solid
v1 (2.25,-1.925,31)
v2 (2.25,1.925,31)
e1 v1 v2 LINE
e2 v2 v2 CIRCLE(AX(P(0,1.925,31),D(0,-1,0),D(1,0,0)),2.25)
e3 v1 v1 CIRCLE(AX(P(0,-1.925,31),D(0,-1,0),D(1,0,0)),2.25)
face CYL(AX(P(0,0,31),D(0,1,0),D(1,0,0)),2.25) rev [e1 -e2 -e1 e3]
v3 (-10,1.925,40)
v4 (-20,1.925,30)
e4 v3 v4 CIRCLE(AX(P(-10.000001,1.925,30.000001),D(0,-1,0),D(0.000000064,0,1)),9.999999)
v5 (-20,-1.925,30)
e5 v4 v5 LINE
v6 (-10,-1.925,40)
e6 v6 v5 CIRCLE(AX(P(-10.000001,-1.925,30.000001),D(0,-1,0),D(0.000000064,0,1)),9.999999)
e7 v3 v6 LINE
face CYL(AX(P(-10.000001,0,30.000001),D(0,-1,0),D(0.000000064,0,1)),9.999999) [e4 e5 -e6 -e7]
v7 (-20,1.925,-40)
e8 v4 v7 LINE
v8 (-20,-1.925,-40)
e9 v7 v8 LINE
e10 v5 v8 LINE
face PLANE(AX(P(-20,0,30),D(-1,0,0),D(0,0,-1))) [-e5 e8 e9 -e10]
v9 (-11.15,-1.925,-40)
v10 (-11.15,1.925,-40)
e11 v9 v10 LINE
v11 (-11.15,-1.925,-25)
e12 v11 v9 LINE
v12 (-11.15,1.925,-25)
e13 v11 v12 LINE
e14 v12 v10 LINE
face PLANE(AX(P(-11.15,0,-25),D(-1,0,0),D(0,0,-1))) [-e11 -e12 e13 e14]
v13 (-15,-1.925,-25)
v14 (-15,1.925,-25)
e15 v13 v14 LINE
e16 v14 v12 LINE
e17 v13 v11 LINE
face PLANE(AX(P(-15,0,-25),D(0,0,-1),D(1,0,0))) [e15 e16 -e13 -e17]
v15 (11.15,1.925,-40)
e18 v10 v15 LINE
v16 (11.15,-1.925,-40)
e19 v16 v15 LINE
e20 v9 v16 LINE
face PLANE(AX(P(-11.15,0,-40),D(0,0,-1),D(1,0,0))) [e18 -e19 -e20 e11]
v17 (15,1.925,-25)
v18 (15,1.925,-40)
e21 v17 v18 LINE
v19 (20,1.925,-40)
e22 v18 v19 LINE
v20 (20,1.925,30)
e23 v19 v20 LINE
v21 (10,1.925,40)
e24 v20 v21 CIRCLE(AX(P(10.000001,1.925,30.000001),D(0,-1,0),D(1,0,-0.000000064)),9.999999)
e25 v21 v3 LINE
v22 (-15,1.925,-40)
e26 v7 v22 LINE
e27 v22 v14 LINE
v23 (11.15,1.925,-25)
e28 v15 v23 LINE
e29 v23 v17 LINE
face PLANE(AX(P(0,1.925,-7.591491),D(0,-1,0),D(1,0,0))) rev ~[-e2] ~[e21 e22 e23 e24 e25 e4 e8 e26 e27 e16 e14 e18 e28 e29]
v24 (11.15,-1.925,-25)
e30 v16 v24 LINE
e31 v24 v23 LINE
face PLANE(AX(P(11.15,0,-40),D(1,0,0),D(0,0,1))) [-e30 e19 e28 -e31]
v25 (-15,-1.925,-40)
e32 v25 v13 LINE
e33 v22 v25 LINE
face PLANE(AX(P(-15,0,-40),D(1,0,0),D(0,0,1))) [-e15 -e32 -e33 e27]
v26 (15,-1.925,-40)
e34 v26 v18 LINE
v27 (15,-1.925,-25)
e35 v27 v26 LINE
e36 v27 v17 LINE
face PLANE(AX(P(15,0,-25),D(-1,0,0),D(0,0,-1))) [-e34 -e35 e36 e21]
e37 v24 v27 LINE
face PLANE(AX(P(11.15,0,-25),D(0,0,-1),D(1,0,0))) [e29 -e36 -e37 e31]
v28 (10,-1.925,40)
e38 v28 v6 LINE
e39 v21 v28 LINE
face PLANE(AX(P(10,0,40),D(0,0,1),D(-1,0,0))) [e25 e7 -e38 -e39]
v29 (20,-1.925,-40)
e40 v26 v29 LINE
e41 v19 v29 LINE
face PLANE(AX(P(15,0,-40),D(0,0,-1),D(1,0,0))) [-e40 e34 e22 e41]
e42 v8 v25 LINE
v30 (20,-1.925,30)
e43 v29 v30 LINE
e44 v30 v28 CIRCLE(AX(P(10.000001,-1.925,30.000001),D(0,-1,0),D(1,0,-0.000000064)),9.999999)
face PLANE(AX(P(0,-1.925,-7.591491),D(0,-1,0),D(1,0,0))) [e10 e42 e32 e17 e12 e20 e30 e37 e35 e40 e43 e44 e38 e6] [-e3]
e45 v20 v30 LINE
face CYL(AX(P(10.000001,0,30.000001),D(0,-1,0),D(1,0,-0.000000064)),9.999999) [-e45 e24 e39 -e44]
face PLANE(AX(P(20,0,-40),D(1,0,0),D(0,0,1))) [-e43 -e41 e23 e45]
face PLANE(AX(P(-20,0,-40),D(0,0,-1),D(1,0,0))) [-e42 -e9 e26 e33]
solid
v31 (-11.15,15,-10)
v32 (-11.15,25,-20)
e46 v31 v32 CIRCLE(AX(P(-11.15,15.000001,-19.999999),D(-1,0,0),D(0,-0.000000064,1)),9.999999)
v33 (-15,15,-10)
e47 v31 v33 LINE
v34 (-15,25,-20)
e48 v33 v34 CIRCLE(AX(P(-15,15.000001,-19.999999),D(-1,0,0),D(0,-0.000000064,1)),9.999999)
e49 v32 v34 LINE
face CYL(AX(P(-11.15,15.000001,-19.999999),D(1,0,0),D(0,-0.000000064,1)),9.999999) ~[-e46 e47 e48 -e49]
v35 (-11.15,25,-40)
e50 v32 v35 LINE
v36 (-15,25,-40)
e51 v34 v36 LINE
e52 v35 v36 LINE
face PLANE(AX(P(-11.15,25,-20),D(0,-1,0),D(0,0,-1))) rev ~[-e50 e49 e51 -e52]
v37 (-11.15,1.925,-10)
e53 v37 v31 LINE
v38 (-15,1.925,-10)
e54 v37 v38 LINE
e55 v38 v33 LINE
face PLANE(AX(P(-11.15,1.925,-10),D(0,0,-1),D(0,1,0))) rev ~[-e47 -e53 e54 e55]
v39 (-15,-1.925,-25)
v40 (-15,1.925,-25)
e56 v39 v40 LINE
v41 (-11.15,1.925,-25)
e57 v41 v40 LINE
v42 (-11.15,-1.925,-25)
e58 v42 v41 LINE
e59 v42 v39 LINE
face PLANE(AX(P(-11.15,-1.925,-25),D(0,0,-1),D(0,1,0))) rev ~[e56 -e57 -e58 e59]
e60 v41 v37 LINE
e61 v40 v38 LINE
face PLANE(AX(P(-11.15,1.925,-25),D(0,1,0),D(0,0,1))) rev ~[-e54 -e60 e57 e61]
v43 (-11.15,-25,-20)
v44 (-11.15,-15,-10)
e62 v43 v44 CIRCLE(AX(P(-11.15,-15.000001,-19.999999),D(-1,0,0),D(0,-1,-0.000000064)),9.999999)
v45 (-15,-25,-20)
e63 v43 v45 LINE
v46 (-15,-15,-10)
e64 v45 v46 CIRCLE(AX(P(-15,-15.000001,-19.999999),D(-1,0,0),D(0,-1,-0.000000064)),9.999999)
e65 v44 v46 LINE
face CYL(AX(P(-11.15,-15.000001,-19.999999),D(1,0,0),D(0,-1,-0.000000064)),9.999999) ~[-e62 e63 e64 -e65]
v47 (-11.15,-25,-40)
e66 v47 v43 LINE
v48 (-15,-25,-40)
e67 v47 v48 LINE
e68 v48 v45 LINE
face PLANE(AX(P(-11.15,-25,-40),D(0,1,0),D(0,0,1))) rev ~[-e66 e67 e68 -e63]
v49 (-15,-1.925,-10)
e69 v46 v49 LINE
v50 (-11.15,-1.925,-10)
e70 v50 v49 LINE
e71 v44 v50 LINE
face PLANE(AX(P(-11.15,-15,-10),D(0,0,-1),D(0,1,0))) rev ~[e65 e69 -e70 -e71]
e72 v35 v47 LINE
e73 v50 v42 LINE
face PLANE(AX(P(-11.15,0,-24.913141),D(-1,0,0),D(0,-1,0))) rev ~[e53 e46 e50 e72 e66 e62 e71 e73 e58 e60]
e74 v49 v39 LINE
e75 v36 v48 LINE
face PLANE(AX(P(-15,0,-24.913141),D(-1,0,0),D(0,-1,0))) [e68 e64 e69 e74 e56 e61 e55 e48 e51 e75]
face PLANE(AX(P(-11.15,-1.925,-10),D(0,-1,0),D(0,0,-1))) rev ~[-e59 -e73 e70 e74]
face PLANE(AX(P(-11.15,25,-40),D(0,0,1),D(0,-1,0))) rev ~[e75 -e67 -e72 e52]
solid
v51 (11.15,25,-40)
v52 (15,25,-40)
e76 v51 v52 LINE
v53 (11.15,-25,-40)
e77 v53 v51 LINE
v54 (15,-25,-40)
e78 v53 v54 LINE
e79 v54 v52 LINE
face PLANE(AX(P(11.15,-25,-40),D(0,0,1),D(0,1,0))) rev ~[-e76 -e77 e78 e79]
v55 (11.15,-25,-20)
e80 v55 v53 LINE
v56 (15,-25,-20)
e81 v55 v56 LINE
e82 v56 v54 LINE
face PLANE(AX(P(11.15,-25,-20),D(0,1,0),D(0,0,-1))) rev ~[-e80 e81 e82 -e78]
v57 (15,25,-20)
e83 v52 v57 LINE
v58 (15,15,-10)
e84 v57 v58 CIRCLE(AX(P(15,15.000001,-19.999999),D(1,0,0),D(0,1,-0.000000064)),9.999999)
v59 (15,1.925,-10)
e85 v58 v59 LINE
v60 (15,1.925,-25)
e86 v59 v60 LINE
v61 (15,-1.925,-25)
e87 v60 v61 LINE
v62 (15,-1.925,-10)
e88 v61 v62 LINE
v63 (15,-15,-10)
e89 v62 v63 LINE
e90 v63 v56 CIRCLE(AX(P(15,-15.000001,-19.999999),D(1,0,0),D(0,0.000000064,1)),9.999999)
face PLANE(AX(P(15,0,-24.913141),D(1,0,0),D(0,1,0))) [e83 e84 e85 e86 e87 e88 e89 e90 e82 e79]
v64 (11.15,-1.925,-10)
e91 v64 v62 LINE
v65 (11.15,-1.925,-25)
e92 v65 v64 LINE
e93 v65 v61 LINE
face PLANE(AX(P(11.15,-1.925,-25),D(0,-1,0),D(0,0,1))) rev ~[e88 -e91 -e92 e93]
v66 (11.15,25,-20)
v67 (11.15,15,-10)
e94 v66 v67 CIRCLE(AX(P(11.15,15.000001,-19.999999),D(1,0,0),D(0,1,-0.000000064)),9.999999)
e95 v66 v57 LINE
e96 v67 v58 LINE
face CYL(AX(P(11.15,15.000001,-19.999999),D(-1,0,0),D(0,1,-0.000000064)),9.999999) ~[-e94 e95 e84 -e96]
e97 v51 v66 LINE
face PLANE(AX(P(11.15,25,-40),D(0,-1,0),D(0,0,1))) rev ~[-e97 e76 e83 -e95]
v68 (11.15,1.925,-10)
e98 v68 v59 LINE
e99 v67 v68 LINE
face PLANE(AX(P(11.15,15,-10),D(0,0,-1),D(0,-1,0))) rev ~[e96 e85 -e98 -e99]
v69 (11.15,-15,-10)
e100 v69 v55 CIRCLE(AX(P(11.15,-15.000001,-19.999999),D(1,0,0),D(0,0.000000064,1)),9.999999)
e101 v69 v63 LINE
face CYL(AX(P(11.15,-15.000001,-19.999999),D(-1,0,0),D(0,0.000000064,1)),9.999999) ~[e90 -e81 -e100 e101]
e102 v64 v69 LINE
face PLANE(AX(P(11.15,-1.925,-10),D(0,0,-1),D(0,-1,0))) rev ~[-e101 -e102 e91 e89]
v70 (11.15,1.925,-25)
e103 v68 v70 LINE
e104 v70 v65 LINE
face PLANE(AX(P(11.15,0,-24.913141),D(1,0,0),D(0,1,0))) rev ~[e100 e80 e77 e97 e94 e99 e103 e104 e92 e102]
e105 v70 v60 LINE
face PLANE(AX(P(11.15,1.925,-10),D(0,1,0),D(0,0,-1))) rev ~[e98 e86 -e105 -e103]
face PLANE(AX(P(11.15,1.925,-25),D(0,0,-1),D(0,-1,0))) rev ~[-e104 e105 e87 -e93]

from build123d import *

# Parameters (mm, degrees)
F0_R     = 2.25
F1_DEPTH = 1.925
F5_DEPTH = 3.85
F6_DEPTH = 3.85


with BuildPart() as f1:
    # F0 (on Front) → F1 (new body, symmetric)
    with BuildSketch(Plane.XZ):
        with BuildLine():
            Line((15, -40), (20, -40))
            Line((20, -40), (20, 30))
            ThreePointArc((20, 30), (17.071068, 37.071068), (10, 40))
            Line((10, 40), (-10, 40))
            ThreePointArc((-10, 40), (-17.071068, 37.071068), (-20, 30))
            Line((-20, 30), (-20, -40))
            Line((-20, -40), (-15, -40))
            Line((-15, -40), (-15, -25))
            Line((-15, -25), (-11.15, -25))
            Line((-11.15, -25), (-11.15, -40))
            Line((-11.15, -40), (11.15, -40))
            Line((11.15, -40), (11.15, -25))
            Line((11.15, -25), (15, -25))
            Line((15, -25), (15, -40))
        make_face()
        with Locations((0, 31)):
            Circle(F0_R, mode=Mode.SUBTRACT)
    extrude(amount=F1_DEPTH, both=True)


with BuildPart() as f5:
    # F3 (on face) → F5 (new body, through all)
    with BuildSketch(Plane(origin=(-11.15, 0, 0), x_dir=(0, -1, 0), z_dir=(-1, 0, 0))):
        with BuildLine():
            Line((-25, -20), (-25, -40))
            Line((-25, -40), (-1.925, -40))
            Line((-1.925, -40), (1.925, -40))
            Line((1.925, -40), (25, -40))
            Line((25, -40), (25, -20))
            ThreePointArc((25, -20), (22.071068, -12.928932), (15, -10))
            Line((15, -10), (1.925, -10))
            Line((1.925, -10), (1.925, -25))
            Line((1.925, -25), (-1.925, -25))
            Line((-1.925, -25), (-1.925, -10))
            Line((-1.925, -10), (-15, -10))
            ThreePointArc((-15, -10), (-22.071068, -12.928932), (-25, -20))
        make_face()
    extrude(amount=F5_DEPTH)


with BuildPart() as f6:
    # F4 (on face) → F6 (new body, through all)
    with BuildSketch(Plane.YZ.offset(11.15)):
        with BuildLine():
            Line((1.925, -40), (25, -40))
            Line((25, -40), (25, -20))
            ThreePointArc((25, -20), (22.071068, -12.928932), (15, -10))
            Line((15, -10), (1.925, -10))
            Line((1.925, -10), (1.925, -25))
            Line((1.925, -25), (-1.925, -25))
            Line((-1.925, -25), (-1.925, -10))
            Line((-1.925, -10), (-15, -10))
            ThreePointArc((-15, -10), (-22.071068, -12.928932), (-25, -20))
            Line((-25, -20), (-25, -40))
            Line((-25, -40), (-1.925, -40))
            Line((-1.925, -40), (1.925, -40))
        make_face()
    extrude(amount=F6_DEPTH)


solid = Compound([f1.part, f5.part, f6.part])
